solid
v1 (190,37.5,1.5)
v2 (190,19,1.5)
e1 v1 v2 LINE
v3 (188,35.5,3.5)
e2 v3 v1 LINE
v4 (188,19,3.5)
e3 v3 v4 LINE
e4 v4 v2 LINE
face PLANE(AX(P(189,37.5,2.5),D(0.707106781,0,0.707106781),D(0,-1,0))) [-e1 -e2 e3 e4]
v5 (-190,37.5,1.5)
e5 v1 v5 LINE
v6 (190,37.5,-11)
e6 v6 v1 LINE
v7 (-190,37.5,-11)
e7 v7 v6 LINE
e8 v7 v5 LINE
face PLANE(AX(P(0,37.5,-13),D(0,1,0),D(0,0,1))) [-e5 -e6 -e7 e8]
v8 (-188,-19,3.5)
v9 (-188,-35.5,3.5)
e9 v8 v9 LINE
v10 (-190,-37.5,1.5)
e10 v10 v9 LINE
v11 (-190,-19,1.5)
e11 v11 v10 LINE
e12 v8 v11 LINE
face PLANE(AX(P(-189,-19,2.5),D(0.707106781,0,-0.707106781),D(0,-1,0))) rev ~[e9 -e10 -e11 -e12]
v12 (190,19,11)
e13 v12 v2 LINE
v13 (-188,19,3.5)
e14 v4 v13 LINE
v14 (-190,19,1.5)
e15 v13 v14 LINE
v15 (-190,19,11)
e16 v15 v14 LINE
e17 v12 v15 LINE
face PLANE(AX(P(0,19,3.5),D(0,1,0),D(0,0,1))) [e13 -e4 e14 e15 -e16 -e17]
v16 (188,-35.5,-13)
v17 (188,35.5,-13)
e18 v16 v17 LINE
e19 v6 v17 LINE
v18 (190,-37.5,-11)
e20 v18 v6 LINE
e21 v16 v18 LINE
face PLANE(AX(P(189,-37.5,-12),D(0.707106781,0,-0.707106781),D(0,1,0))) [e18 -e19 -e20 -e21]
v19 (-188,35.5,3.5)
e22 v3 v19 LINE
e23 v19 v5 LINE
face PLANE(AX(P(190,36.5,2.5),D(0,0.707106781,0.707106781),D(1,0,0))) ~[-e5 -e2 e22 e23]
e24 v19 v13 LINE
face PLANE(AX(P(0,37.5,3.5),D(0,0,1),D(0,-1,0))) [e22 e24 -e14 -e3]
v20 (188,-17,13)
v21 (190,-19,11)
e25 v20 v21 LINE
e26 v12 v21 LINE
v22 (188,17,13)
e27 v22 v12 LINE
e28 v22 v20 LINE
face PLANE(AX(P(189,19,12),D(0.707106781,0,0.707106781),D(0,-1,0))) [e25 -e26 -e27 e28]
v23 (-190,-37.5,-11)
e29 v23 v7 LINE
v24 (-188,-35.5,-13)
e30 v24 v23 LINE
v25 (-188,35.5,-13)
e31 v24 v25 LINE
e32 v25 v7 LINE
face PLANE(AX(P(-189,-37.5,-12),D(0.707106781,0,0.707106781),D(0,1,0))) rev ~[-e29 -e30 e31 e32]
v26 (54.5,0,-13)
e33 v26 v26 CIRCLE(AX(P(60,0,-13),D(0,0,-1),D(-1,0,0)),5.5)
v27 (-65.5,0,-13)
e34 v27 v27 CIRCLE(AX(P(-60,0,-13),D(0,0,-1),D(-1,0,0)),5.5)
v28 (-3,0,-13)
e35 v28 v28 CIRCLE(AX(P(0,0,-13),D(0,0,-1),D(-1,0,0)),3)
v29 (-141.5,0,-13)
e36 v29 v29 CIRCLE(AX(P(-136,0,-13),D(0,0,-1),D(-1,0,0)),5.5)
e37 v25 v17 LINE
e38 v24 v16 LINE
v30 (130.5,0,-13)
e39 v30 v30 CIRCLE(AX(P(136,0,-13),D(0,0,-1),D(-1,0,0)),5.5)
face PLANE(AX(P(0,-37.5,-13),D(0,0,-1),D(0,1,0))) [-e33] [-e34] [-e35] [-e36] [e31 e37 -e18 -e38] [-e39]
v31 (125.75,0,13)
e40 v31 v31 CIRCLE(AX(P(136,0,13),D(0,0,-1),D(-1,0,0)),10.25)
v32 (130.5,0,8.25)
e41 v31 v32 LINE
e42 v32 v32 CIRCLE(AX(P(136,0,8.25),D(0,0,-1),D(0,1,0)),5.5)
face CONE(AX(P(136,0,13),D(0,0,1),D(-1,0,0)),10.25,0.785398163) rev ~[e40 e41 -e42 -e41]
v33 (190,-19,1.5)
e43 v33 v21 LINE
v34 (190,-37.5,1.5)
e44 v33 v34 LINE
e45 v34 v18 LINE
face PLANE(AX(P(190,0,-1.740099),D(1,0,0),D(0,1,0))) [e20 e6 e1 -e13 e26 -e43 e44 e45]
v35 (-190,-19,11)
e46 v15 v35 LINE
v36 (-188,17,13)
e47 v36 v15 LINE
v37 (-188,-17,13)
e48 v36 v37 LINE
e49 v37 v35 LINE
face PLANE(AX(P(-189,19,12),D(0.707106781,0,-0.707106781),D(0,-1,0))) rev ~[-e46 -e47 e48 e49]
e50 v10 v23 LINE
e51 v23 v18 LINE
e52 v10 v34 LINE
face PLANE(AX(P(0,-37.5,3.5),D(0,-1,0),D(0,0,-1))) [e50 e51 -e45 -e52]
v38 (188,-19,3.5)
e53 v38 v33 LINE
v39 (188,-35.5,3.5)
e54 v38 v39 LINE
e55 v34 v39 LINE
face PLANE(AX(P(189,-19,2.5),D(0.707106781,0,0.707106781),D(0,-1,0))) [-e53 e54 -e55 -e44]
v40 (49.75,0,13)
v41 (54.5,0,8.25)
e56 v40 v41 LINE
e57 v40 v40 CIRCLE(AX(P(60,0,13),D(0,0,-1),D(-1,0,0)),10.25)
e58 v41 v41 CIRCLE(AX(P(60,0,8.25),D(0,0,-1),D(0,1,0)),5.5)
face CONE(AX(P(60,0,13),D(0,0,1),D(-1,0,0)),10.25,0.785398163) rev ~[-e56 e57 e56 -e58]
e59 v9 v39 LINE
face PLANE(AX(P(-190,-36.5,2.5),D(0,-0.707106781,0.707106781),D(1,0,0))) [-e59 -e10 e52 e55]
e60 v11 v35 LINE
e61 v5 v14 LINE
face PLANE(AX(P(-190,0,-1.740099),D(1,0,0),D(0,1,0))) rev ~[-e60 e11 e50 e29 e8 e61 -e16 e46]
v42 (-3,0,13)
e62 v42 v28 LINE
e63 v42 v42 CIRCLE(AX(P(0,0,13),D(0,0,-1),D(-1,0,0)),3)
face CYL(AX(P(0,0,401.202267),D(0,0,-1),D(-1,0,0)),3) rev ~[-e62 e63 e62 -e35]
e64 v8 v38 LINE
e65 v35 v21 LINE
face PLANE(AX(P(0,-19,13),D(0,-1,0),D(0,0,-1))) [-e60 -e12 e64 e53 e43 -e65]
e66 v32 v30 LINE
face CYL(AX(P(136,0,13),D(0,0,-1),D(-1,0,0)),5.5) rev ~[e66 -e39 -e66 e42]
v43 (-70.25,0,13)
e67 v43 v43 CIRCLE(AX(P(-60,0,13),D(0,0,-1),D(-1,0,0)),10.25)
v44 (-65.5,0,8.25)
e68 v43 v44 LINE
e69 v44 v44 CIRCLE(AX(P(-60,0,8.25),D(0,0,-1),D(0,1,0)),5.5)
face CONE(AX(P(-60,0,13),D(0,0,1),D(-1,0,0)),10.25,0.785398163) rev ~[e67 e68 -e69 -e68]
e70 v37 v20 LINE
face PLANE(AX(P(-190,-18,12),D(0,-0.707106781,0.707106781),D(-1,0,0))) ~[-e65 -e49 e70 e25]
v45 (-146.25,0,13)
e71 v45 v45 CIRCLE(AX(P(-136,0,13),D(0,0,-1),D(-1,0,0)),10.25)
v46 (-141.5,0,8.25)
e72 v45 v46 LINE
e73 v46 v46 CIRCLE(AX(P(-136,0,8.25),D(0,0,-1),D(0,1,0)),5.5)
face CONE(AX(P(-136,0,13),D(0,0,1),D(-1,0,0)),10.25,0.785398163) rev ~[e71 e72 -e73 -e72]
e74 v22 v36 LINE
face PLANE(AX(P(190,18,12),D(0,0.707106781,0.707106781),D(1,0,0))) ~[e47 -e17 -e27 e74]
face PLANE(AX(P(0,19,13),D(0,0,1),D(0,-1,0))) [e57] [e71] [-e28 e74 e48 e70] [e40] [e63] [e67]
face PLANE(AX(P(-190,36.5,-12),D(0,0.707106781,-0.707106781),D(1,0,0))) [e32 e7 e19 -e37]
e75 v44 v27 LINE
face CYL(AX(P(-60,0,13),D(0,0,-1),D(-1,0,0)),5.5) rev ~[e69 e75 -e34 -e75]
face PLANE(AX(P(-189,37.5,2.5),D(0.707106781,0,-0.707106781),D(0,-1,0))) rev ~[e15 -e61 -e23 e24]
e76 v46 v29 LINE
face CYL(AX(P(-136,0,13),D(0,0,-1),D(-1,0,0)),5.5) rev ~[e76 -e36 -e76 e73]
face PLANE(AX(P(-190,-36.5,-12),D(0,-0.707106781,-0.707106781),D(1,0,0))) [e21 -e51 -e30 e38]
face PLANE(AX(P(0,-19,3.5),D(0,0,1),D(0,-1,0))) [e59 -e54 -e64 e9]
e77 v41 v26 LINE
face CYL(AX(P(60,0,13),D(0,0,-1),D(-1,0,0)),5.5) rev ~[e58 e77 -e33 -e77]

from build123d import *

# Parameters (mm, degrees)
F1_DEPTH       = 190
F2_SIZE        = 2
F4_D           = 6
F5_D           = 11
F5_CSINK_D     = 20.5
F5_CSINK_ANGLE = 90


with BuildPart() as f1:
    # F0 (on Right) → F1 (new body, symmetric)
    with BuildSketch(Plane.YZ):
        Polygon((19, 13), (-19, 13), (-19, 3.5), (-37.5, 3.5), (-37.5, -13), (37.5, -13), (37.5, 3.5), (19, 3.5), align=None)
    extrude(amount=F1_DEPTH, both=True)

    # F2
    f2_edges = [f1.edges().sort_by_distance(p)[0] for p in [
        (0, -37.5, -13),
        (-190, 0, -13),
        (0, 37.5, -13),
        (190, 0, -13),
        (-190, 0, 13),
        (0, -19, 13),
        (190, 0, 13),
        (0, 19, 13),
        (0, -37.5, 3.5),
        (0, 37.5, 3.5),
        (190, 28.25, 3.5),
        (190, -28.25, 3.5),
        (-190, -28.25, 3.5),
        (-190, 28.25, 3.5),
    ]]
    chamfer(f2_edges, length=F2_SIZE)

    # F4 (through all)
    with Locations(Plane.XY.offset(13)):
        with Locations((0, 0)):
            Hole(F4_D / 2)

    # F5 (through all)
    with Locations(Plane.XY.offset(13)):
        with Locations((-136, 0), (-60, 0), (60, 0), (136, 0)):
            CounterSinkHole(F5_D / 2, F5_CSINK_D / 2, counter_sink_angle=F5_CSINK_ANGLE)


solid = f1.part
